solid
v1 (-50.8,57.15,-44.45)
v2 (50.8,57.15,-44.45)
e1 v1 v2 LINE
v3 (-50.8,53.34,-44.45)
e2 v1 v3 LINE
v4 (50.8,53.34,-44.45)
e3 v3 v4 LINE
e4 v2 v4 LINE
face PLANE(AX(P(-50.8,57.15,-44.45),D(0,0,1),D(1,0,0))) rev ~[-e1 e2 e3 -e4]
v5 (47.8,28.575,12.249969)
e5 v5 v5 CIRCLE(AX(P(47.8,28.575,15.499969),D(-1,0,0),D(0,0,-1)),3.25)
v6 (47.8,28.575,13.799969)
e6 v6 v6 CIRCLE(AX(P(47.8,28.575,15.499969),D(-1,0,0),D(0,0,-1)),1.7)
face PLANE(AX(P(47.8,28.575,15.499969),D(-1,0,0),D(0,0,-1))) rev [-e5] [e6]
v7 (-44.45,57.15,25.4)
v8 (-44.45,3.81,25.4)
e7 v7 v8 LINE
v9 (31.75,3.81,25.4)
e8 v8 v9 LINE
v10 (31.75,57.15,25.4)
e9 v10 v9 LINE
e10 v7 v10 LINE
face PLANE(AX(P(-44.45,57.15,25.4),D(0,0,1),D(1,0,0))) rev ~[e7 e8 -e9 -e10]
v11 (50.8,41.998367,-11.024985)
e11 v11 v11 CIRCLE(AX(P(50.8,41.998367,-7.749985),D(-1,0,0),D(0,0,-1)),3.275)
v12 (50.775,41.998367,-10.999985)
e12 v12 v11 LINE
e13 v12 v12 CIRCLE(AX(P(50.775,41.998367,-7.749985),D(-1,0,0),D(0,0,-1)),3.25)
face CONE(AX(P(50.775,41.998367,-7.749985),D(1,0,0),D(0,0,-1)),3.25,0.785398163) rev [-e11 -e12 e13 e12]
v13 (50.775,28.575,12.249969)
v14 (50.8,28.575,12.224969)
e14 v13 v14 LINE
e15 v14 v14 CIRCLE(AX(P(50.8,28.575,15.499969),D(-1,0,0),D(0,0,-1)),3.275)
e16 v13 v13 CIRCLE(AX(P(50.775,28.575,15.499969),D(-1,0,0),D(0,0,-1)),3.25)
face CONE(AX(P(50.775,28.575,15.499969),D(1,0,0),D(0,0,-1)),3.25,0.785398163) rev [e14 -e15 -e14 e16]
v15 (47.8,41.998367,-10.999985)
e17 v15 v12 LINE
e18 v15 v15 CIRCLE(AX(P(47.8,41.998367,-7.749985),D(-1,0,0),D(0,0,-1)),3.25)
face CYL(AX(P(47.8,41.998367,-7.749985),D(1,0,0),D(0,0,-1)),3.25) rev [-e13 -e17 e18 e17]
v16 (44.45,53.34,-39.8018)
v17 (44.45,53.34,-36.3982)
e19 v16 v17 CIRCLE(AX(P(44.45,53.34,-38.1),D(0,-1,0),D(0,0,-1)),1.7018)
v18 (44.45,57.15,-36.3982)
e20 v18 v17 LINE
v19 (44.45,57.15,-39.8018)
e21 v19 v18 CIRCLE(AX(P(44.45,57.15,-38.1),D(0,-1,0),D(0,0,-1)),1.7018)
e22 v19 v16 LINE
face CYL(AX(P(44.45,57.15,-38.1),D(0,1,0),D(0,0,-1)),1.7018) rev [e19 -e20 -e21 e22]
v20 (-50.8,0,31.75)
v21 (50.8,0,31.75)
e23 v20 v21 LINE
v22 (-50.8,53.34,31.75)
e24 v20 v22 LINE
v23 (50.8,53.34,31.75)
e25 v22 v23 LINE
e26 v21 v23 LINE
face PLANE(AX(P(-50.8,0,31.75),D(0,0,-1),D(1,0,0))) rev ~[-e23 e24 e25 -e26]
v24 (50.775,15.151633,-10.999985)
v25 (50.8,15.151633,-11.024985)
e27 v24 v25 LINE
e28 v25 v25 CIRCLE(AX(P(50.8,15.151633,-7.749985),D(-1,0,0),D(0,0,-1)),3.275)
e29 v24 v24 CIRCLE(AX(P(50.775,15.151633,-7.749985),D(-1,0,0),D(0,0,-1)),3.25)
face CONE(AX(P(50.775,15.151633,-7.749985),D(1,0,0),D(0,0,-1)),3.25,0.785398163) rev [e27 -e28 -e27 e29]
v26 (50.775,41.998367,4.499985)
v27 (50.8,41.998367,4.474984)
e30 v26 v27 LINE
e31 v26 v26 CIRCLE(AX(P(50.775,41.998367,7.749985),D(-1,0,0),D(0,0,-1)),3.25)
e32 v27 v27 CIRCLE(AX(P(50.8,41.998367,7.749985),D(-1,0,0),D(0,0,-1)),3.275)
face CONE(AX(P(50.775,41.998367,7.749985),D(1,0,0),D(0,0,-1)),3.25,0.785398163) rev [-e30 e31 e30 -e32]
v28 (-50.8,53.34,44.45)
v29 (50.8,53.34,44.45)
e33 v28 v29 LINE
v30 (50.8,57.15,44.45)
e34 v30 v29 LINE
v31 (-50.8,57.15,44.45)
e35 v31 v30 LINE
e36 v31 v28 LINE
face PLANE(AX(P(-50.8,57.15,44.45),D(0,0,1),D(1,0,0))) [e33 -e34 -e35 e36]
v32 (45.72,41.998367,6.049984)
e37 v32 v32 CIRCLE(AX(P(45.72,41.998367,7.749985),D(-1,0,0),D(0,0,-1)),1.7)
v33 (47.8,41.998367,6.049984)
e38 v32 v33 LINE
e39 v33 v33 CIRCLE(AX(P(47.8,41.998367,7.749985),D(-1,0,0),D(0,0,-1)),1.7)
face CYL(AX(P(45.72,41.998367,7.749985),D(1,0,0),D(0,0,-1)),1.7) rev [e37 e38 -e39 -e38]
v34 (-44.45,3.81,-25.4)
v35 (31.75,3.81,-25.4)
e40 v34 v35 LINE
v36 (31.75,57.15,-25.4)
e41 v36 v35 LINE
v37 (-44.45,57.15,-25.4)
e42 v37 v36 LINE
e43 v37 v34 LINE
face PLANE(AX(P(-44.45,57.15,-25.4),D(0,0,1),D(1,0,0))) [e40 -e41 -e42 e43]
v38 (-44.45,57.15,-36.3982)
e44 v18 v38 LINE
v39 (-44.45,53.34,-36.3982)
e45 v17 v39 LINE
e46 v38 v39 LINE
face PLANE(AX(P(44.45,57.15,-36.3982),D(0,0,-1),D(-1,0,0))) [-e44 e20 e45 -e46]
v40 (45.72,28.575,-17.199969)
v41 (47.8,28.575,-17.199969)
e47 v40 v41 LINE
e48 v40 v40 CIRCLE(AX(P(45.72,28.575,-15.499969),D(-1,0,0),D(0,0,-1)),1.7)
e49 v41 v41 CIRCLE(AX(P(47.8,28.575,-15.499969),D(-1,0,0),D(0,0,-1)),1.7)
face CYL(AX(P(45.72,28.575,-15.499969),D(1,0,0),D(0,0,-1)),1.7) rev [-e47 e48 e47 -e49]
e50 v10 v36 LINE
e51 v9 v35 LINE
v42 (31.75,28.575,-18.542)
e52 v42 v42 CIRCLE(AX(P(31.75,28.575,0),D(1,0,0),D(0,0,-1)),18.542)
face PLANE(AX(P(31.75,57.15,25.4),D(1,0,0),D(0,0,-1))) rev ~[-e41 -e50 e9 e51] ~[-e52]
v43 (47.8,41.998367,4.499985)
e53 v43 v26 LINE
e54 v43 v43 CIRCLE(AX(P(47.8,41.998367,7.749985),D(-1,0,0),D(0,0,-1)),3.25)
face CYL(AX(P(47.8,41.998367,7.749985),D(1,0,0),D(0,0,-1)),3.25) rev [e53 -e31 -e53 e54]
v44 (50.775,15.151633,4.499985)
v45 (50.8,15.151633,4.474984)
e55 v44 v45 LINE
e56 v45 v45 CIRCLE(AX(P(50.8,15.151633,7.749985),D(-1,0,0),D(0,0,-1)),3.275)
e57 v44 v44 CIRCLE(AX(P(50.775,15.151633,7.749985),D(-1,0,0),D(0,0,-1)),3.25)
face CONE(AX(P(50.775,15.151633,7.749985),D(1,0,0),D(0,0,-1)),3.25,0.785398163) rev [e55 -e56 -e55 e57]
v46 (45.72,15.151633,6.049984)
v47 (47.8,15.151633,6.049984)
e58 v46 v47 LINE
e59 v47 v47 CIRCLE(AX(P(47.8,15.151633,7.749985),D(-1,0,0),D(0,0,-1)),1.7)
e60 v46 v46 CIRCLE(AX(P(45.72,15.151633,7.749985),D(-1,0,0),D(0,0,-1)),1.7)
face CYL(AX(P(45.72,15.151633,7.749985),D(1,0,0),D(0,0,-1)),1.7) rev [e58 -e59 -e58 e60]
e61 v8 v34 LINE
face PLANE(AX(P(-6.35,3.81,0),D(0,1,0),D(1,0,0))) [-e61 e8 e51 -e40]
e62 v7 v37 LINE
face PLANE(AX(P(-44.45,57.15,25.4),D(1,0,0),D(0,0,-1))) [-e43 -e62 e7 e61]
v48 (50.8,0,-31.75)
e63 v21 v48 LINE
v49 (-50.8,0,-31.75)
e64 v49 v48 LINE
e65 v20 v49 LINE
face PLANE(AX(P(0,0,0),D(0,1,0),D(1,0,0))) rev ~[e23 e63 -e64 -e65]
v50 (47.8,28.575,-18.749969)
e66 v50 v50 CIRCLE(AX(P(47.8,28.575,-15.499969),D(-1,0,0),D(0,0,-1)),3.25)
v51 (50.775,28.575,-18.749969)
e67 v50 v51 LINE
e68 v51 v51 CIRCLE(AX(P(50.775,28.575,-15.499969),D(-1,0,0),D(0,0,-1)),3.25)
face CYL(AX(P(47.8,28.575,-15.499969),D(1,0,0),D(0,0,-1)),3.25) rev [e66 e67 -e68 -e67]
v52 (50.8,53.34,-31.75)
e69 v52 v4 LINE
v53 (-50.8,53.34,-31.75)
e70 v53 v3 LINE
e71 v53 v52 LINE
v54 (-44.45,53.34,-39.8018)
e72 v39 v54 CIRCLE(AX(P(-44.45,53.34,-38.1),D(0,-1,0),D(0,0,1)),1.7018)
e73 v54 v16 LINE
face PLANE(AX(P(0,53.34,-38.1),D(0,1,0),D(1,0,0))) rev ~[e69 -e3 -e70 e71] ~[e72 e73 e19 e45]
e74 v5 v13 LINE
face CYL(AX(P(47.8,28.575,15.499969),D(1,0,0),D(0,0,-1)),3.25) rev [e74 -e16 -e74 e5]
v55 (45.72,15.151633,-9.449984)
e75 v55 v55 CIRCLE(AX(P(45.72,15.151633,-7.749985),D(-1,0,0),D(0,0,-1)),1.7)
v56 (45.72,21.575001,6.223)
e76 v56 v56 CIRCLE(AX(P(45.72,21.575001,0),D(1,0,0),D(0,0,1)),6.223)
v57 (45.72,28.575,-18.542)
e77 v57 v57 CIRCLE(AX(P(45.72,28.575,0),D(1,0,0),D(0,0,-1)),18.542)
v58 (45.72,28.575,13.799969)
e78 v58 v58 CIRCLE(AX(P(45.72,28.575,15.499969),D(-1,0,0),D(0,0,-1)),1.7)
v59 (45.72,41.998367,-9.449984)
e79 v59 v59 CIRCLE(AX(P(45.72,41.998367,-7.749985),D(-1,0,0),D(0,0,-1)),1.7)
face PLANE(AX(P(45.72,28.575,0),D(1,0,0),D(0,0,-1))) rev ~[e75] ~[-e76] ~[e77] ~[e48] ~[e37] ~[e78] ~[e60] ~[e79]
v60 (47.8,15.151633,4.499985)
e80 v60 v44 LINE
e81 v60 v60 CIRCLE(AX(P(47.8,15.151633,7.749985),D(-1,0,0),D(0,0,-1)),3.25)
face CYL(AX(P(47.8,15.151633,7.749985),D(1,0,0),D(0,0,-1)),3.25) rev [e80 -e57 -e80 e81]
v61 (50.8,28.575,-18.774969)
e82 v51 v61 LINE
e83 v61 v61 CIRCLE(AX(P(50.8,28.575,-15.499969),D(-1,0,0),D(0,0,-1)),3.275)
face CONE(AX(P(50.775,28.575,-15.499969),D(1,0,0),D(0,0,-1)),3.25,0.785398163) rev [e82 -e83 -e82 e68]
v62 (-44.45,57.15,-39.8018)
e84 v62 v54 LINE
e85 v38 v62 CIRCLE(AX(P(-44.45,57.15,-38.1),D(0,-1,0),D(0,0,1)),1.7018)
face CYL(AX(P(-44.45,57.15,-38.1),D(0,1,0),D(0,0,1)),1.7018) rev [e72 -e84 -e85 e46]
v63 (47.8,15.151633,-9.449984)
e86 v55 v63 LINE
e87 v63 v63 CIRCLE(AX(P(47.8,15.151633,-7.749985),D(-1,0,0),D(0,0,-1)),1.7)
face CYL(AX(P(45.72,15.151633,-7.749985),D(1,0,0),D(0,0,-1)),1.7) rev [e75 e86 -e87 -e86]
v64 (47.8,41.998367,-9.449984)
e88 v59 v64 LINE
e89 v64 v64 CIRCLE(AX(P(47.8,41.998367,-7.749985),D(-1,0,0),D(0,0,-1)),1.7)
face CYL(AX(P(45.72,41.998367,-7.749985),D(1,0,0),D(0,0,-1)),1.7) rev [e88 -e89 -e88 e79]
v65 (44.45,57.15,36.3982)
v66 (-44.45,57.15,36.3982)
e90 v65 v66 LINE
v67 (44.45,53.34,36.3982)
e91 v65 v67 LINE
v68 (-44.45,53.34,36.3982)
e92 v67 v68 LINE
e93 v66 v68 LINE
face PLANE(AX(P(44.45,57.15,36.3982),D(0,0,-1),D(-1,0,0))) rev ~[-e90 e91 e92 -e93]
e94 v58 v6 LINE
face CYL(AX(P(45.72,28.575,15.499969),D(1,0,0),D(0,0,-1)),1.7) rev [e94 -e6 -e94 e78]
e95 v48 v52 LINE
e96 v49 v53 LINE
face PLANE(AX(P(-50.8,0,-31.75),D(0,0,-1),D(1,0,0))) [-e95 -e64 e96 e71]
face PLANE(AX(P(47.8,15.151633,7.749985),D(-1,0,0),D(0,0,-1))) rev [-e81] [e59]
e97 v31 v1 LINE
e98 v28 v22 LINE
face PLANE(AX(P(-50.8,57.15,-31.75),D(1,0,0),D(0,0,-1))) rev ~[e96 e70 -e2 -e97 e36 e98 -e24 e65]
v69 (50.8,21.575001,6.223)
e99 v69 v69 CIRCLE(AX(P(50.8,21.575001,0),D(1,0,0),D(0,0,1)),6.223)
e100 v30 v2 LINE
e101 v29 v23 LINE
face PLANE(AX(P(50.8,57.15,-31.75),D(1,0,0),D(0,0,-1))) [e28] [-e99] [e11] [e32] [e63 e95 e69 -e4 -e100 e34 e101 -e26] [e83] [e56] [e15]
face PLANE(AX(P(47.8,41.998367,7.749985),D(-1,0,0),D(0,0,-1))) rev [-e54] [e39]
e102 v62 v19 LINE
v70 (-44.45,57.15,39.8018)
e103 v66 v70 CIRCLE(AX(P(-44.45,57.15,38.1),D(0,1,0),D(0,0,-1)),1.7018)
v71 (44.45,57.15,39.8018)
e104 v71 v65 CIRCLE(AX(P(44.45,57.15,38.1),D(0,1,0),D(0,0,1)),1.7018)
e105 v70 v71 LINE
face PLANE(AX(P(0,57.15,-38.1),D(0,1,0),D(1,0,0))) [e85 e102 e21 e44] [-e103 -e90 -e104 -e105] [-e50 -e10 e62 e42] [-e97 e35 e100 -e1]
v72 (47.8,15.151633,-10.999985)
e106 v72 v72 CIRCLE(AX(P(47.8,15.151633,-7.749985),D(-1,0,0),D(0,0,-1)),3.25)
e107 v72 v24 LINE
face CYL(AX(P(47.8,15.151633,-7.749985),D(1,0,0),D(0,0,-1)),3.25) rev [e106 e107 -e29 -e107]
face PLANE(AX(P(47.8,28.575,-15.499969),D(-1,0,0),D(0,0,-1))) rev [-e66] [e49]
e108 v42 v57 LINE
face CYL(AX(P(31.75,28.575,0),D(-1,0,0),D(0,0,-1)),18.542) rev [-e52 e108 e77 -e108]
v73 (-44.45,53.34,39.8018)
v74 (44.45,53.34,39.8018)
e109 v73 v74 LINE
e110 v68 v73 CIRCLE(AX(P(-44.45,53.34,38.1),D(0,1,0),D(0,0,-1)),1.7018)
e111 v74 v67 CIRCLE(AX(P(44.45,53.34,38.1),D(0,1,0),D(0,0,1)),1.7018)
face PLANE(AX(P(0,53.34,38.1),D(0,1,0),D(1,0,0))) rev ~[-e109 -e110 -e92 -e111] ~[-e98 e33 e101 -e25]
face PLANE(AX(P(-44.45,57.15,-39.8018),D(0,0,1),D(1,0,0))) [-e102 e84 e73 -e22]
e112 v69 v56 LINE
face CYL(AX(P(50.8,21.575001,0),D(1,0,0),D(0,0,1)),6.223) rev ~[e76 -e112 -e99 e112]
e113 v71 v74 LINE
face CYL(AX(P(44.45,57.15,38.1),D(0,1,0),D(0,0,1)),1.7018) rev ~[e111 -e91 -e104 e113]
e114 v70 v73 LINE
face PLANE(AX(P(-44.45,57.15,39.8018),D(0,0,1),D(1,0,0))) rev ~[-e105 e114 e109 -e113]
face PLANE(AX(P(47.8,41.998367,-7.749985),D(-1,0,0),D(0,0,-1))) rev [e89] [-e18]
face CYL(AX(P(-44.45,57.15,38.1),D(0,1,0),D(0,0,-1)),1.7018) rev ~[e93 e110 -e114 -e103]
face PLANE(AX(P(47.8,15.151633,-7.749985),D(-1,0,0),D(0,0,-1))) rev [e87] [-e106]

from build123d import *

# Parameters (mm, degrees)
SKETCH1_W                     = 101.6
SKETCH1_H                     = 63.5
BOSS_EXTRUDE1_DEPTH           = 57.15
CBORE_FOR_M3_SHCS1_AT_2_COUNT = 2
CBORE_FOR_M3_SHCS1_AT_2_PITCH = 15.499969
CBORE_FOR_M3_SHCS1_AT_3_COUNT = 2
CBORE_FOR_M3_SHCS1_AT_3_PITCH = 26.846733824
CBORE_FOR_M3_SHCS1_AT_4_COUNT = 2
CBORE_FOR_M3_SHCS1_AT_4_PITCH = 30.999938
CBORE_FOR_M3_SHCS1_AT_5_COUNT = 2
CBORE_FOR_M3_SHCS1_AT_5_PITCH = 26.846733824
CBORE_FOR_M3_SHCS1_AT_6_COUNT = 2
CBORE_FOR_M3_SHCS1_AT_6_PITCH = 15.499969
SKETCH8_R                     = 6.223
CUT_EXTRUDE1_DEPTH            = 50.8
SKETCH9_W                     = 76.2
SKETCH9_H                     = 50.8
CUT_EXTRUDE2_DEPTH            = 53.34
CUT_EXTRUDE3_START            = -19.05
SKETCH2_R                     = 18.542
CUT_EXTRUDE3_DEPTH            = 13.97
SKETCH10_W                    = 101.6
SKETCH10_H                    = 12.7
BOSS_EXTRUDE2_DEPTH           = 3.81
CUT_EXTRUDE4_DEPTH            = 3.81


with BuildPart() as part:
    # Sketch1 → Boss-Extrude1 (new body)
    with BuildSketch(Plane(origin=(0, 0, 0), x_dir=(1, 0, 0), z_dir=(0, 1, 0))):
        Rectangle(SKETCH1_W, SKETCH1_H)
    extrude(amount=BOSS_EXTRUDE1_DEPTH)

    # Sketch6 → CBORE for M3 SHCS1 (revolve, cut)
    with BuildSketch(Plane(origin=(50.8, 41.998366912, 7.7499845), x_dir=(0, 0, -1), z_dir=(0, 1, 0))):
        Polygon((0, 0), (0, 6.101463052), (1.7, 5.08), (1.7, 3), (3.25, 3), (3.25, 0.025), (3.275, 0), align=None)
    cbore_for_m3_shcs1 = revolve(axis=Axis((57.15, 41.998366912, 7.7499845), (-1, 0, 0)), mode=Mode.SUBTRACT)

    # CBORE for M3 SHCS1 at 2: CBORE for M3 SHCS1 ×2
    with Locations(*[Vector(0, -0.866025404, 0.5) * (i * CBORE_FOR_M3_SHCS1_AT_2_PITCH) for i in range(1, CBORE_FOR_M3_SHCS1_AT_2_COUNT)]):
        add(cbore_for_m3_shcs1, mode=Mode.SUBTRACT)

    # CBORE for M3 SHCS1 at 3: CBORE for M3 SHCS1 ×2
    with Locations(*[(0, -i * CBORE_FOR_M3_SHCS1_AT_3_PITCH, 0) for i in range(1, CBORE_FOR_M3_SHCS1_AT_3_COUNT)]):
        add(cbore_for_m3_shcs1, mode=Mode.SUBTRACT)

    # CBORE for M3 SHCS1 at 4: CBORE for M3 SHCS1 ×2
    with Locations(*[Vector(0, -0.866025404, -0.5) * (i * CBORE_FOR_M3_SHCS1_AT_4_PITCH) for i in range(1, CBORE_FOR_M3_SHCS1_AT_4_COUNT)]):
        add(cbore_for_m3_shcs1, mode=Mode.SUBTRACT)

    # CBORE for M3 SHCS1 at 5: CBORE for M3 SHCS1 ×2
    with Locations(*[Vector(0, -0.5, -0.866025404) * (i * CBORE_FOR_M3_SHCS1_AT_5_PITCH) for i in range(1, CBORE_FOR_M3_SHCS1_AT_5_COUNT)]):
        add(cbore_for_m3_shcs1, mode=Mode.SUBTRACT)

    # CBORE for M3 SHCS1 at 6: CBORE for M3 SHCS1 ×2
    with Locations(*[(0, 0, -i * CBORE_FOR_M3_SHCS1_AT_6_PITCH) for i in range(1, CBORE_FOR_M3_SHCS1_AT_6_COUNT)]):
        add(cbore_for_m3_shcs1, mode=Mode.SUBTRACT)

    # Sketch8 → Cut-Extrude1 (cut)
    with BuildSketch(Plane(origin=(50.8, 29.820388237, 44.133609073), x_dir=(0, 0, 1), z_dir=(1, 0, 0))):
        with Locations((-44.133609073, 8.245386937)):
            Circle(SKETCH8_R)
    extrude(amount=-CUT_EXTRUDE1_DEPTH, mode=Mode.SUBTRACT)

    # Sketch9 → Cut-Extrude2 (cut)
    with BuildSketch(Plane(origin=(0, 57.15, 0), x_dir=(1, 0, 0), z_dir=(0, 1, 0))):
        with Locations((-6.35, 0)):
            Rectangle(SKETCH9_W, SKETCH9_H)
    extrude(amount=-CUT_EXTRUDE2_DEPTH, mode=Mode.SUBTRACT)

    # Sketch2 → Cut-Extrude3 (cut)
    with BuildSketch(Plane(origin=(50.8, 29.820388237, 50.894246884), x_dir=(0, 0, -1), z_dir=(1, 0, 0)).offset(CUT_EXTRUDE3_START)):
        with Locations((50.894246884, -1.245388237)):
            Circle(SKETCH2_R)
    extrude(amount=CUT_EXTRUDE3_DEPTH, mode=Mode.SUBTRACT)

    # Sketch10 → Boss-Extrude2 (add)
    with BuildSketch(Plane(origin=(0, 57.15, 0), x_dir=(1, 0, 0), z_dir=(0, 1, 0))):
        with Locations((0, 38.1)):
            Rectangle(SKETCH10_W, SKETCH10_H)
        with Locations((0, -38.1)):
            Rectangle(SKETCH10_W, SKETCH10_H)
    extrude(amount=-BOSS_EXTRUDE2_DEPTH)

    # Sketch11 → Cut-Extrude4 (cut)
    with BuildSketch(Plane(origin=(0, 57.15, 0), x_dir=(1, 0, 0), z_dir=(0, 1, 0))):
        with BuildLine():
            Line((-44.45, 39.8018), (44.45, 39.8018))
            ThreePointArc((44.45, 39.8018), (46.1518, 38.1), (44.45, 36.3982))
            Line((44.45, 36.3982), (-44.45, 36.3982))
            ThreePointArc((-44.45, 36.3982), (-46.1518, 38.1), (-44.45, 39.8018))
        make_face()
        with BuildLine():
            Line((-44.45, -39.8018), (44.45, -39.8018))
            ThreePointArc((44.45, -39.8018), (46.1518, -38.1), (44.45, -36.3982))
            Line((44.45, -36.3982), (-44.45, -36.3982))
            ThreePointArc((-44.45, -36.3982), (-46.1518, -38.1), (-44.45, -39.8018))
        make_face()
    extrude(amount=-CUT_EXTRUDE4_DEPTH, mode=Mode.SUBTRACT)


solid = part.part
